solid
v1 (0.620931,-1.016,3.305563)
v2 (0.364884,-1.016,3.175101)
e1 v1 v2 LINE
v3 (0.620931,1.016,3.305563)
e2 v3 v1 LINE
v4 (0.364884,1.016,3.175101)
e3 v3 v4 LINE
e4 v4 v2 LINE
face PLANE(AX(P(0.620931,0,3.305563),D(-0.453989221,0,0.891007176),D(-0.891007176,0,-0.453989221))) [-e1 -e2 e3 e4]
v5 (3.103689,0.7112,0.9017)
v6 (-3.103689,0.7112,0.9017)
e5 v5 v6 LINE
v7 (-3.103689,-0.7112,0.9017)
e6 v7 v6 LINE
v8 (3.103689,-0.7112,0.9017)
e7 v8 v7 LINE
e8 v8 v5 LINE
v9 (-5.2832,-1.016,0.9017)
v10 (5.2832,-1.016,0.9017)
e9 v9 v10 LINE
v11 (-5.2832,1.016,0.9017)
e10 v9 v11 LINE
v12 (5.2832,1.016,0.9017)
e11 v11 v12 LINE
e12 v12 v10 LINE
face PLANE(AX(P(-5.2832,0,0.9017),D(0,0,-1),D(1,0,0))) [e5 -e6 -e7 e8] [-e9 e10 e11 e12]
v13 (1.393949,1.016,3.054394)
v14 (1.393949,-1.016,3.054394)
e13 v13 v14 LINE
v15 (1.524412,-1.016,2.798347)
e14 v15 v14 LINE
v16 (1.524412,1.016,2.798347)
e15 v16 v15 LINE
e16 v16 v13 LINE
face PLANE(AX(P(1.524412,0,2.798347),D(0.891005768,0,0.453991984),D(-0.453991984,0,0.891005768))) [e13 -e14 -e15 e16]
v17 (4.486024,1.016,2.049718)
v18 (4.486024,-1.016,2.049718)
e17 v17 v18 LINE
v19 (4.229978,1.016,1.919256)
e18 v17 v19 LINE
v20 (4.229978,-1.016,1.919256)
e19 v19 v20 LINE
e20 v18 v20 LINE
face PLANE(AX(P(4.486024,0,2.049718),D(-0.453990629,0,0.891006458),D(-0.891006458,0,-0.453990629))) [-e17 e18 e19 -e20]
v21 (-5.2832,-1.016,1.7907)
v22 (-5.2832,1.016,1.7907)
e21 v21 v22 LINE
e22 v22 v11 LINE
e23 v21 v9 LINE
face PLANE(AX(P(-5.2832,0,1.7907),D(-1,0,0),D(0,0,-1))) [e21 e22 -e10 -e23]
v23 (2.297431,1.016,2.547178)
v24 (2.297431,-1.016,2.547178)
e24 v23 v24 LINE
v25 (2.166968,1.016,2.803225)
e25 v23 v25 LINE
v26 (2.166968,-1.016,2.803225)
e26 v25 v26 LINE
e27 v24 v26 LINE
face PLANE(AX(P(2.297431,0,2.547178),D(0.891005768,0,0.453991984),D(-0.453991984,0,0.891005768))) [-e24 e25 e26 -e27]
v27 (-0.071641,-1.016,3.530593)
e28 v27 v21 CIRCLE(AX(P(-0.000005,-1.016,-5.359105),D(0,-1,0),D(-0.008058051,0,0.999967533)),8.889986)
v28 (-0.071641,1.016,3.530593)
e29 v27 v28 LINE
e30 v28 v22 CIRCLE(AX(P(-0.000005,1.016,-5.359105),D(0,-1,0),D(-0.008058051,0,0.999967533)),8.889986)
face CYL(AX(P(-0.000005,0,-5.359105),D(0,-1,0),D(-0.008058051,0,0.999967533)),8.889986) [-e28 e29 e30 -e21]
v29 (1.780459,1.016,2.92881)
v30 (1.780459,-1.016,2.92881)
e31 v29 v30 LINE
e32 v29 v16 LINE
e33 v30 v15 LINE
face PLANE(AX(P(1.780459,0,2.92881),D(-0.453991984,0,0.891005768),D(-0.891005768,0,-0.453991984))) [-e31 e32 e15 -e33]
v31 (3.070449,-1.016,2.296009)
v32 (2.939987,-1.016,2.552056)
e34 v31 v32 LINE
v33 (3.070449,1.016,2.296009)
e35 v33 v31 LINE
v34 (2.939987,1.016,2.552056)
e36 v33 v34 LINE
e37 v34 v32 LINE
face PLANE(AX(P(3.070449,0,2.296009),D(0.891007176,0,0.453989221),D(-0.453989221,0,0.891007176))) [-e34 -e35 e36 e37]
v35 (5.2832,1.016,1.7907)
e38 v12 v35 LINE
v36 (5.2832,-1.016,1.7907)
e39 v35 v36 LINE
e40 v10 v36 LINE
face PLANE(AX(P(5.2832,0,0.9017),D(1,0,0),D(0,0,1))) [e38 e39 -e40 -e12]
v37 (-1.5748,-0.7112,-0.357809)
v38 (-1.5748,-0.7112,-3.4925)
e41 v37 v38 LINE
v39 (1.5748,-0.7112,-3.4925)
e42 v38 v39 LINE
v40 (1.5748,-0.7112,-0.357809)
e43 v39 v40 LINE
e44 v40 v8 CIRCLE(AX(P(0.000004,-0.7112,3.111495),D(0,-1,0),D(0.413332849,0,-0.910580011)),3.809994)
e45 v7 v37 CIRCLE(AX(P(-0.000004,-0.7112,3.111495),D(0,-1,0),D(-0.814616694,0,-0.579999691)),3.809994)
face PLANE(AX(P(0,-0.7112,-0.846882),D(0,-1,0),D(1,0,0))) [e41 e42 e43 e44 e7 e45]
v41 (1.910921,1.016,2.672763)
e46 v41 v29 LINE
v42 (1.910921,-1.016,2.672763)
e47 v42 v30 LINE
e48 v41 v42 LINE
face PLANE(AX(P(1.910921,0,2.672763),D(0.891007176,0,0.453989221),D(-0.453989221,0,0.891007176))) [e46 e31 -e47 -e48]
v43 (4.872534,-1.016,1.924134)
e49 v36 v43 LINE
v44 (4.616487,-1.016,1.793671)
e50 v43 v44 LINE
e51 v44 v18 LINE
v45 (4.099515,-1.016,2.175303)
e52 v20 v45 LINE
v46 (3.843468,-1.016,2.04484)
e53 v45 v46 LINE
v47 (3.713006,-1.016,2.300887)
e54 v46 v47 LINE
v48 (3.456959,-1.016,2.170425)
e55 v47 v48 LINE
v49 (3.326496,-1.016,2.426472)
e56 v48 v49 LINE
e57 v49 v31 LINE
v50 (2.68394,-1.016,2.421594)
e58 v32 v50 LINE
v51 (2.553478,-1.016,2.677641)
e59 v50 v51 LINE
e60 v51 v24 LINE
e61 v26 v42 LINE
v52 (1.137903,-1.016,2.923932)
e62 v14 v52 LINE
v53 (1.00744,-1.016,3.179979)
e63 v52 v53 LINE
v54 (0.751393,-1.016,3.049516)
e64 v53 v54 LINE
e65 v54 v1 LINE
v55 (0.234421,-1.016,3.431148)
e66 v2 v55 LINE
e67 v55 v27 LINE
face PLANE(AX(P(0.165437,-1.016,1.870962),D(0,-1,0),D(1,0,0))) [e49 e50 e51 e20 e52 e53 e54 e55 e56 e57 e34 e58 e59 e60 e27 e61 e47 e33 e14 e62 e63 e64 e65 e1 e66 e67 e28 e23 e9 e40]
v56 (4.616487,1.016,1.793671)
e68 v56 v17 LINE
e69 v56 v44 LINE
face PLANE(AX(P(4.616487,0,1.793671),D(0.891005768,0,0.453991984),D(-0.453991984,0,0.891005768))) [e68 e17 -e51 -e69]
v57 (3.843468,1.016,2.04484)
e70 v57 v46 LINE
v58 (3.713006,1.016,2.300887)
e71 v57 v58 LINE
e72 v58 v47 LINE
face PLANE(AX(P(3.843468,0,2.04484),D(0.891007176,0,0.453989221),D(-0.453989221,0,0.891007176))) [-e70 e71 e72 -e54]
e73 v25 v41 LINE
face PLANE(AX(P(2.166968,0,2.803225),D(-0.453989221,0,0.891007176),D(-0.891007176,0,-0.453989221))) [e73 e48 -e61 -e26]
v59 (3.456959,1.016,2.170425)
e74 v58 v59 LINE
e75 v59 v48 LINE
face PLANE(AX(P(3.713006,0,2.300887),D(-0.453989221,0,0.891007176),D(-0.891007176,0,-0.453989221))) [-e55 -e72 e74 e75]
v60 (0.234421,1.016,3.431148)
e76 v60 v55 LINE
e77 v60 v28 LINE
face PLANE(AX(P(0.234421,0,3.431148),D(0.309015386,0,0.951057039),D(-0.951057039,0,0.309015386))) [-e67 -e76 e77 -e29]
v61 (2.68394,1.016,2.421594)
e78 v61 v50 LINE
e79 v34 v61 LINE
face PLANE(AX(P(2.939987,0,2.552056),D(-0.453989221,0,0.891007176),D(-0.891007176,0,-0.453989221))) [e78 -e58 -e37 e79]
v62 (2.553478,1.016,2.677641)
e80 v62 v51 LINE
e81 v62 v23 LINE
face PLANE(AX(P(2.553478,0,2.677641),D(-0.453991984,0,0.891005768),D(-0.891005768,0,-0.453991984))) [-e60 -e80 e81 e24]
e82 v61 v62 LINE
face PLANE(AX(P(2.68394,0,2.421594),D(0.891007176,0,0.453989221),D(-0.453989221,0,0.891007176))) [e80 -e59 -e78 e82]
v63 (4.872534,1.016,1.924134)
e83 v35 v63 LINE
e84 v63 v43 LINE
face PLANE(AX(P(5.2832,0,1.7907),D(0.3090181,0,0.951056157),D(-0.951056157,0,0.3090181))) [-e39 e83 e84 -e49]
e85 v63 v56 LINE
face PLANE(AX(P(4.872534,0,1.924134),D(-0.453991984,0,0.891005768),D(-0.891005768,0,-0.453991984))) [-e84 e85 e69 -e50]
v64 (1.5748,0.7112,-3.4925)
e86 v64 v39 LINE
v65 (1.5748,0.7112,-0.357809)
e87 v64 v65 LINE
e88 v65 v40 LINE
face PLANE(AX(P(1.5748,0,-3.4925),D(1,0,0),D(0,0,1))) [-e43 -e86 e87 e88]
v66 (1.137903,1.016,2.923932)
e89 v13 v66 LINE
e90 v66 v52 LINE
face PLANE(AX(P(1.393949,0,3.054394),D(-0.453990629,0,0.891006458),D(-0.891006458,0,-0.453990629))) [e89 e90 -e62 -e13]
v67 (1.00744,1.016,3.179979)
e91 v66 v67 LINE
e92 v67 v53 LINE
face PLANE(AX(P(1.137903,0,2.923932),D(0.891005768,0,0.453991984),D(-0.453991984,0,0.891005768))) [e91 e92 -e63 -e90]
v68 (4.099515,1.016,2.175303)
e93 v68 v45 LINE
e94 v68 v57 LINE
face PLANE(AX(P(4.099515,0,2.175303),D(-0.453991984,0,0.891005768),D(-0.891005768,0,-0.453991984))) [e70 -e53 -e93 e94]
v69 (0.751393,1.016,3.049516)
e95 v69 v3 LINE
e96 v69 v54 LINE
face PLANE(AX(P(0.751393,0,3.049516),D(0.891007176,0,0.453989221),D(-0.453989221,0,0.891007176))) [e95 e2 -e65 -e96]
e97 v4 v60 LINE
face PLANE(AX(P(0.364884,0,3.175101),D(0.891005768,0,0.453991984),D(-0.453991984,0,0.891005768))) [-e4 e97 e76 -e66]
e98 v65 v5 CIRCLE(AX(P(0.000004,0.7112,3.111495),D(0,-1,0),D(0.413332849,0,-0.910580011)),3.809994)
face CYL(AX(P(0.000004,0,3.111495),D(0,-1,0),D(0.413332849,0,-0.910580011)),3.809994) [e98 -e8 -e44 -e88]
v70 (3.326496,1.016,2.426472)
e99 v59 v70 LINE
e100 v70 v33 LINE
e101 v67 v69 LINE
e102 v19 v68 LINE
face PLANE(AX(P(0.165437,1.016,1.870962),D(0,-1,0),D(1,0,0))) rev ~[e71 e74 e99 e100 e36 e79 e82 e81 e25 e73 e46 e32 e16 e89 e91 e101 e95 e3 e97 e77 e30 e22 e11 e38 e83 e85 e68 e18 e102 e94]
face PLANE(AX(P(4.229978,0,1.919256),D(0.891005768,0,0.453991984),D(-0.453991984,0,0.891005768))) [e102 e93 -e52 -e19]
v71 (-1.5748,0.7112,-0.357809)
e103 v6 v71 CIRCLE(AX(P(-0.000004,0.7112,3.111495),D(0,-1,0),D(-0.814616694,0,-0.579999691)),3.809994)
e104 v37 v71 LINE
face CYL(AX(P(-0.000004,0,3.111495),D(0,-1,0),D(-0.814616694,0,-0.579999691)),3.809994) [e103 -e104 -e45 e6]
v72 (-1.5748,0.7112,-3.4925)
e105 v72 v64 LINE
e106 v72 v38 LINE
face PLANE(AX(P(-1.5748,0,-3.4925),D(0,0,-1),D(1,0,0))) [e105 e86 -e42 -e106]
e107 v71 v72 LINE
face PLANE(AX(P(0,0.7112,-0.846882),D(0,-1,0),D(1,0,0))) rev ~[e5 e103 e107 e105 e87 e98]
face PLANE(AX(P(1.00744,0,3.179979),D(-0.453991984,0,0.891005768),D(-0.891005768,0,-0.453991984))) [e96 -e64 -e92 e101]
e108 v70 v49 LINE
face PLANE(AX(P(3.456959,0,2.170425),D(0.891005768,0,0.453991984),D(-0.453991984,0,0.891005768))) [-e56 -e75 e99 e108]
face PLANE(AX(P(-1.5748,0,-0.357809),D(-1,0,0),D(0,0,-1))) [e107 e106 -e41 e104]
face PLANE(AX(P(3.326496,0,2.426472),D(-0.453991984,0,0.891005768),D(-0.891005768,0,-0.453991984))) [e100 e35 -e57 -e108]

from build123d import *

# Parameters (mm, degrees)
F1_DEPTH = 1.016
F2_DEPTH = 0.7112


with BuildPart() as f1:
    # F0 (on Front) → F1 (new body, symmetric)
    with BuildSketch(Plane.XZ):
        with BuildLine():
            Line((-5.2832, 0.9017), (-3.103689, 0.9017))
            Line((-3.103689, 0.9017), (-1.5748, 0.9017))
            Line((-1.5748, 0.9017), (1.5748, 0.9017))
            Line((1.5748, 0.9017), (3.103689, 0.9017))
            Line((3.103689, 0.9017), (5.2832, 0.9017))
            Line((5.2832, 0.9017), (5.2832, 1.7907))
            Line((5.2832, 1.7907), (4.872534, 1.924134))
            Line((4.872534, 1.924134), (4.616487, 1.793671))
            Line((4.616487, 1.793671), (4.486024, 2.049718))
            Line((4.486024, 2.049718), (4.229978, 1.919256))
            Line((4.229978, 1.919256), (4.099515, 2.175303))
            Line((4.099515, 2.175303), (3.843468, 2.04484))
            Line((3.843468, 2.04484), (3.713006, 2.300887))
            Line((3.713006, 2.300887), (3.456959, 2.170425))
            Line((3.456959, 2.170425), (3.326496, 2.426472))
            Line((3.326496, 2.426472), (3.070449, 2.296009))
            Line((3.070449, 2.296009), (2.939987, 2.552056))
            Line((2.939987, 2.552056), (2.68394, 2.421594))
            Line((2.68394, 2.421594), (2.553478, 2.677641))
            Line((2.553478, 2.677641), (2.297431, 2.547178))
            Line((2.297431, 2.547178), (2.166968, 2.803225))
            Line((2.166968, 2.803225), (1.910921, 2.672763))
            Line((1.910921, 2.672763), (1.780459, 2.92881))
            Line((1.780459, 2.92881), (1.524412, 2.798347))
            Line((1.524412, 2.798347), (1.393949, 3.054394))
            Line((1.393949, 3.054394), (1.137903, 2.923932))
            Line((1.137903, 2.923932), (1.00744, 3.179979))
            Line((1.00744, 3.179979), (0.751393, 3.049516))
            Line((0.751393, 3.049516), (0.620931, 3.305563))
            Line((0.620931, 3.305563), (0.364884, 3.175101))
            Line((0.364884, 3.175101), (0.234421, 3.431148))
            Line((0.234421, 3.431148), (-0.071641, 3.530593))
            ThreePointArc((-0.071641, 3.530593), (-2.815207, 3.073362), (-5.2832, 1.7907))
            Line((-5.2832, 1.7907), (-5.2832, 0.9017))
        make_face()
    extrude(amount=F1_DEPTH, both=True)

    # F0 (on Front) → F2 (join, symmetric)
    with BuildSketch(Plane.XZ):
        with BuildLine():
            Line((-1.5748, -0.357809), (-1.5748, -3.4925))
            Line((-1.5748, -3.4925), (1.5748, -3.4925))
            Line((1.5748, -3.4925), (1.5748, -0.357809))
            ThreePointArc((1.5748, -0.357809), (2.422531, 0.170846), (3.103689, 0.9017))
            Line((3.103689, 0.9017), (1.5748, 0.9017))
            Line((1.5748, 0.9017), (-1.5748, 0.9017))
            Line((-1.5748, 0.9017), (-3.103689, 0.9017))
            ThreePointArc((-3.103689, 0.9017), (-2.422531, 0.170846), (-1.5748, -0.357809))
        make_face()
    extrude(amount=F2_DEPTH, both=True)


solid = f1.part
